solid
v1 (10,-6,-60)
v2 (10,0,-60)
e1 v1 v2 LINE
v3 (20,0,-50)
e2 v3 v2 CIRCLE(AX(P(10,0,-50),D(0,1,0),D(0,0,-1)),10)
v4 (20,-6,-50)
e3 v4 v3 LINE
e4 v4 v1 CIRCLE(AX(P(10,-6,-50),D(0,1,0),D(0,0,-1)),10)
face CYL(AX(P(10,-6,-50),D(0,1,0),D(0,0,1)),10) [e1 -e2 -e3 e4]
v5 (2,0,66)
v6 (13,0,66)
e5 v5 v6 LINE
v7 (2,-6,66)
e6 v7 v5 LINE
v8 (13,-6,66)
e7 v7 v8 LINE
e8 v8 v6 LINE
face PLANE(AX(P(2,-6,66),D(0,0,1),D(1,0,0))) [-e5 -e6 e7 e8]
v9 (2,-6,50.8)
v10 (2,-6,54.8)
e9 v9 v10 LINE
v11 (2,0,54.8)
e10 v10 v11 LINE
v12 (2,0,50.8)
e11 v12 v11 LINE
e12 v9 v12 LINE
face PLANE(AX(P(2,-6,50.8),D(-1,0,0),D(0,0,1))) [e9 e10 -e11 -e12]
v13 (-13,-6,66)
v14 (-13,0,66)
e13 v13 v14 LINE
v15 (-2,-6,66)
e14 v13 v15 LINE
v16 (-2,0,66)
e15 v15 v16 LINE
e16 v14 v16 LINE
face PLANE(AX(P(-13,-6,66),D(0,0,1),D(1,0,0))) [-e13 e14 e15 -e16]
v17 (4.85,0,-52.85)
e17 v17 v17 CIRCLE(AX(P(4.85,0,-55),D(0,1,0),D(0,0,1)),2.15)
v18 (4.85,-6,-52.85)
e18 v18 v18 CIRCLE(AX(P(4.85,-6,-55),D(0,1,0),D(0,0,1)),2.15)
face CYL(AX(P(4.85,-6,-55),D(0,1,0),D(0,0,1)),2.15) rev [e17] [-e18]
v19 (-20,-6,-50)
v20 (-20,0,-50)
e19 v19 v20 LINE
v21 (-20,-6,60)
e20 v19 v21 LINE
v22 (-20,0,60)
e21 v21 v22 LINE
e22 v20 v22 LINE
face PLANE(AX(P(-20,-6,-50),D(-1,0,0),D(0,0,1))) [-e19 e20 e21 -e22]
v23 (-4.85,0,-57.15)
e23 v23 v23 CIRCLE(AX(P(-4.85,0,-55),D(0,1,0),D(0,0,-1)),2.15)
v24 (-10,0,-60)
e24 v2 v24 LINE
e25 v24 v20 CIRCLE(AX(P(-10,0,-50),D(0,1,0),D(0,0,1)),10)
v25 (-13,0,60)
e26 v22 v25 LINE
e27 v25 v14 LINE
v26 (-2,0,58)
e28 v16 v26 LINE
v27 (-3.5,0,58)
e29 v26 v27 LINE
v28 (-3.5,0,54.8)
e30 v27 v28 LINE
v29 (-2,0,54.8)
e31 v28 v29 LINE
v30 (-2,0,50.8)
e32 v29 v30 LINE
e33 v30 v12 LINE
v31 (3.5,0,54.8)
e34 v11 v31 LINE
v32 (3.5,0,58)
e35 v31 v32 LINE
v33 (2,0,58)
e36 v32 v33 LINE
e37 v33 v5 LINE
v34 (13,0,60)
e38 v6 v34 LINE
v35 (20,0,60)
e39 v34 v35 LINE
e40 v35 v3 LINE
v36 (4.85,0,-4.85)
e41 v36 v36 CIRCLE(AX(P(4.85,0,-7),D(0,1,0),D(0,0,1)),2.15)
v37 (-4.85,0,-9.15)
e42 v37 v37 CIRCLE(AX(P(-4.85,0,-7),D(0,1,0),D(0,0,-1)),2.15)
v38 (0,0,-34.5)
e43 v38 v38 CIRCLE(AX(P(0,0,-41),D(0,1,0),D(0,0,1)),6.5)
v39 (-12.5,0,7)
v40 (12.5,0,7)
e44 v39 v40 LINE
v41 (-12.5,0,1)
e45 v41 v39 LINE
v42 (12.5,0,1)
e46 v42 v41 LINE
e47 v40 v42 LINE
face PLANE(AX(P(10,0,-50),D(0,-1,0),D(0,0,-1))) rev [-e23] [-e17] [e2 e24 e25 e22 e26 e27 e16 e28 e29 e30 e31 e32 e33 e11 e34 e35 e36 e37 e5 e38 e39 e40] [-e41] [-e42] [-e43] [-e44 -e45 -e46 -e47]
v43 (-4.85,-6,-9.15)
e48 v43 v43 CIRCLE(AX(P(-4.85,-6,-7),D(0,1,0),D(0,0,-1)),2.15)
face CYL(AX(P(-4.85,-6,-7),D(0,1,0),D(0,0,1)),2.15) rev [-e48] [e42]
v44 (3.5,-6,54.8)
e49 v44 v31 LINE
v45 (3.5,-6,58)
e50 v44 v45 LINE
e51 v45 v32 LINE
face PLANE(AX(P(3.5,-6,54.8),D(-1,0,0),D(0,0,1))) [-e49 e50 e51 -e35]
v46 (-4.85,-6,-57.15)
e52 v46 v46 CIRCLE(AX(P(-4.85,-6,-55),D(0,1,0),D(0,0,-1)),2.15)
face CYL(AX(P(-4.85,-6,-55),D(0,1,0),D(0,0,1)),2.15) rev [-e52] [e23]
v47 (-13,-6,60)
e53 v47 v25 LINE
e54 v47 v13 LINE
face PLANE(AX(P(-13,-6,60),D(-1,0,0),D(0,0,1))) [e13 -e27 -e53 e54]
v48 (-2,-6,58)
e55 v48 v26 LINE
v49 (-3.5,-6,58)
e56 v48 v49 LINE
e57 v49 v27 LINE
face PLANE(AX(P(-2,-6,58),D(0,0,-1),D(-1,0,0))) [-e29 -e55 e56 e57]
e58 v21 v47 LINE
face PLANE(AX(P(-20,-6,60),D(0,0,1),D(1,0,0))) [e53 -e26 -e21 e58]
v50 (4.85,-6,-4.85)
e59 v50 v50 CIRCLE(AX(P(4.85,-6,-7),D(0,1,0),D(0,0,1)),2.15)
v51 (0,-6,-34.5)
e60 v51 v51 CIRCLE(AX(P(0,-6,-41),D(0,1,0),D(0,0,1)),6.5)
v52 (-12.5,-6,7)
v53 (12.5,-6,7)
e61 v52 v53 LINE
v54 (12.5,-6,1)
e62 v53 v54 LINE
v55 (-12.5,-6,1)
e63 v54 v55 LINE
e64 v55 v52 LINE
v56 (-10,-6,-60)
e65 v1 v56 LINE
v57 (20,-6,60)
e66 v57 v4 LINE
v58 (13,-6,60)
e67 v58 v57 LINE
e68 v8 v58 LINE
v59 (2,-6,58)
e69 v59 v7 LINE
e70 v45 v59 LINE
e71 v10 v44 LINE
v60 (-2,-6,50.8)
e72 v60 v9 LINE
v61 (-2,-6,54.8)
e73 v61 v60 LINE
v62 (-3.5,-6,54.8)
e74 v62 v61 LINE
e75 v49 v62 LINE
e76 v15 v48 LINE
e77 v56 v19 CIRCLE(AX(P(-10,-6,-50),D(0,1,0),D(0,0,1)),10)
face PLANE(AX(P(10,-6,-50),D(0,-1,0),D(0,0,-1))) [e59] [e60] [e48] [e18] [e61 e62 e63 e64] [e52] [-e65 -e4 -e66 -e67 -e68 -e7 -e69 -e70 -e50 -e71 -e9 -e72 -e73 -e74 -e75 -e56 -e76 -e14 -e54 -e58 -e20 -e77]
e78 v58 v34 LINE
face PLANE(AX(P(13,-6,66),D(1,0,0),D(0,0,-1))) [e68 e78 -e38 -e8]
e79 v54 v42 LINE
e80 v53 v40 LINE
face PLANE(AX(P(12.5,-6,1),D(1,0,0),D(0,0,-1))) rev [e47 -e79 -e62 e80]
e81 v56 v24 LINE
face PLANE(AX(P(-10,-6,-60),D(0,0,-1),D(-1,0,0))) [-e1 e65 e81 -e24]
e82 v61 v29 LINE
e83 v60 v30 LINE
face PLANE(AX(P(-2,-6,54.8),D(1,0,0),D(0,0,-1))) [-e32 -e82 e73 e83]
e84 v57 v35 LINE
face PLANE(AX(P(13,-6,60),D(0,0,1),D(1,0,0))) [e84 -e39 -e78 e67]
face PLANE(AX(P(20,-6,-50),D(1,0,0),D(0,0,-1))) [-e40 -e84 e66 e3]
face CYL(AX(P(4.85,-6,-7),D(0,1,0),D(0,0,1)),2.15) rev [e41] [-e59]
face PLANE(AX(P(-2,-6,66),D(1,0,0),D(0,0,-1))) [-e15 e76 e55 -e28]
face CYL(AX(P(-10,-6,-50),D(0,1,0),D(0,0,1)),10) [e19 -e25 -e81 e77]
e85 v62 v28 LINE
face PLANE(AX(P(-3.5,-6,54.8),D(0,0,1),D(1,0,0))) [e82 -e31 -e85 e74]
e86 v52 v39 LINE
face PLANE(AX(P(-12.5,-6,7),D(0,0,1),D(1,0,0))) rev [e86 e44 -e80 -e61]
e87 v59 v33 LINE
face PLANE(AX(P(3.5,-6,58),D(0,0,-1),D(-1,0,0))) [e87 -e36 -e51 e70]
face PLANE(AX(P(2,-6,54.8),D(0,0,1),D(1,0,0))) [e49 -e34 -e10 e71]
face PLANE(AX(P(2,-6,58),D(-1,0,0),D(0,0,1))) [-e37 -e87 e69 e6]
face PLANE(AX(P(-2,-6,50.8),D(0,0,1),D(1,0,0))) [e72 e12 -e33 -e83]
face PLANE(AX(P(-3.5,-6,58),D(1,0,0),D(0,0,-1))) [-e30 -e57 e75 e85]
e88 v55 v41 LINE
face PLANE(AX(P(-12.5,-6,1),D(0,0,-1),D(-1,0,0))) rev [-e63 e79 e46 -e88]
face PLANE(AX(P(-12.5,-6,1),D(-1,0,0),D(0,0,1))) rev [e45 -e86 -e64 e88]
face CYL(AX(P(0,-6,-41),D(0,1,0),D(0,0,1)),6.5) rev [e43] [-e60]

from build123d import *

# Parameters (mm, degrees)
SKETCH1_R           = 2.15
SKETCH1_R_2         = 6.5
SKETCH1_W           = 25
SKETCH1_H           = 6
BOSS_EXTRUDE1_DEPTH = 6


with BuildPart() as part:
    # Sketch1 → Boss-Extrude1 (new body)
    with BuildSketch(Plane(origin=(0, 0, 0), x_dir=(1, 0, 0), z_dir=(0, 1, 0))):
        with BuildLine():
            Line((-10, 60), (10, 60))
            ThreePointArc((10, 60), (17.071067812, 57.071067812), (20, 50))
            Line((20, 50), (20, -60))
            Line((20, -60), (13, -60))
            Line((13, -60), (13, -66))
            Line((13, -66), (2, -66))
            Line((2, -66), (2, -58))
            Line((2, -58), (3.5, -58))
            Line((3.5, -58), (3.5, -54.8))
            Line((3.5, -54.8), (2, -54.8))
            Line((2, -54.8), (2, -50.8))
            Line((2, -50.8), (-2, -50.8))
            Line((-2, -50.8), (-2, -54.8))
            Line((-2, -54.8), (-3.5, -54.8))
            Line((-3.5, -54.8), (-3.5, -58))
            Line((-3.5, -58), (-2, -58))
            Line((-2, -58), (-2, -66))
            Line((-2, -66), (-13, -66))
            Line((-13, -66), (-13, -60))
            Line((-13, -60), (-20, -60))
            Line((-20, -60), (-20, 50))
            ThreePointArc((-20, 50), (-17.071067812, 57.071067812), (-10, 60))
        make_face()
        with Locations((4.85, 55)):
            Circle(SKETCH1_R, mode=Mode.SUBTRACT)
        with Locations((0, 41)):
            Circle(SKETCH1_R_2, mode=Mode.SUBTRACT)
        with Locations((4.85, 7)):
            Circle(SKETCH1_R, mode=Mode.SUBTRACT)
        with Locations((-4.85, 55)):
            Circle(SKETCH1_R, mode=Mode.SUBTRACT)
        with Locations((-4.85, 7)):
            Circle(SKETCH1_R, mode=Mode.SUBTRACT)
        with Locations((0, -4)):
            Rectangle(SKETCH1_W, SKETCH1_H, mode=Mode.SUBTRACT)
    extrude(amount=-BOSS_EXTRUDE1_DEPTH)


solid = part.part
